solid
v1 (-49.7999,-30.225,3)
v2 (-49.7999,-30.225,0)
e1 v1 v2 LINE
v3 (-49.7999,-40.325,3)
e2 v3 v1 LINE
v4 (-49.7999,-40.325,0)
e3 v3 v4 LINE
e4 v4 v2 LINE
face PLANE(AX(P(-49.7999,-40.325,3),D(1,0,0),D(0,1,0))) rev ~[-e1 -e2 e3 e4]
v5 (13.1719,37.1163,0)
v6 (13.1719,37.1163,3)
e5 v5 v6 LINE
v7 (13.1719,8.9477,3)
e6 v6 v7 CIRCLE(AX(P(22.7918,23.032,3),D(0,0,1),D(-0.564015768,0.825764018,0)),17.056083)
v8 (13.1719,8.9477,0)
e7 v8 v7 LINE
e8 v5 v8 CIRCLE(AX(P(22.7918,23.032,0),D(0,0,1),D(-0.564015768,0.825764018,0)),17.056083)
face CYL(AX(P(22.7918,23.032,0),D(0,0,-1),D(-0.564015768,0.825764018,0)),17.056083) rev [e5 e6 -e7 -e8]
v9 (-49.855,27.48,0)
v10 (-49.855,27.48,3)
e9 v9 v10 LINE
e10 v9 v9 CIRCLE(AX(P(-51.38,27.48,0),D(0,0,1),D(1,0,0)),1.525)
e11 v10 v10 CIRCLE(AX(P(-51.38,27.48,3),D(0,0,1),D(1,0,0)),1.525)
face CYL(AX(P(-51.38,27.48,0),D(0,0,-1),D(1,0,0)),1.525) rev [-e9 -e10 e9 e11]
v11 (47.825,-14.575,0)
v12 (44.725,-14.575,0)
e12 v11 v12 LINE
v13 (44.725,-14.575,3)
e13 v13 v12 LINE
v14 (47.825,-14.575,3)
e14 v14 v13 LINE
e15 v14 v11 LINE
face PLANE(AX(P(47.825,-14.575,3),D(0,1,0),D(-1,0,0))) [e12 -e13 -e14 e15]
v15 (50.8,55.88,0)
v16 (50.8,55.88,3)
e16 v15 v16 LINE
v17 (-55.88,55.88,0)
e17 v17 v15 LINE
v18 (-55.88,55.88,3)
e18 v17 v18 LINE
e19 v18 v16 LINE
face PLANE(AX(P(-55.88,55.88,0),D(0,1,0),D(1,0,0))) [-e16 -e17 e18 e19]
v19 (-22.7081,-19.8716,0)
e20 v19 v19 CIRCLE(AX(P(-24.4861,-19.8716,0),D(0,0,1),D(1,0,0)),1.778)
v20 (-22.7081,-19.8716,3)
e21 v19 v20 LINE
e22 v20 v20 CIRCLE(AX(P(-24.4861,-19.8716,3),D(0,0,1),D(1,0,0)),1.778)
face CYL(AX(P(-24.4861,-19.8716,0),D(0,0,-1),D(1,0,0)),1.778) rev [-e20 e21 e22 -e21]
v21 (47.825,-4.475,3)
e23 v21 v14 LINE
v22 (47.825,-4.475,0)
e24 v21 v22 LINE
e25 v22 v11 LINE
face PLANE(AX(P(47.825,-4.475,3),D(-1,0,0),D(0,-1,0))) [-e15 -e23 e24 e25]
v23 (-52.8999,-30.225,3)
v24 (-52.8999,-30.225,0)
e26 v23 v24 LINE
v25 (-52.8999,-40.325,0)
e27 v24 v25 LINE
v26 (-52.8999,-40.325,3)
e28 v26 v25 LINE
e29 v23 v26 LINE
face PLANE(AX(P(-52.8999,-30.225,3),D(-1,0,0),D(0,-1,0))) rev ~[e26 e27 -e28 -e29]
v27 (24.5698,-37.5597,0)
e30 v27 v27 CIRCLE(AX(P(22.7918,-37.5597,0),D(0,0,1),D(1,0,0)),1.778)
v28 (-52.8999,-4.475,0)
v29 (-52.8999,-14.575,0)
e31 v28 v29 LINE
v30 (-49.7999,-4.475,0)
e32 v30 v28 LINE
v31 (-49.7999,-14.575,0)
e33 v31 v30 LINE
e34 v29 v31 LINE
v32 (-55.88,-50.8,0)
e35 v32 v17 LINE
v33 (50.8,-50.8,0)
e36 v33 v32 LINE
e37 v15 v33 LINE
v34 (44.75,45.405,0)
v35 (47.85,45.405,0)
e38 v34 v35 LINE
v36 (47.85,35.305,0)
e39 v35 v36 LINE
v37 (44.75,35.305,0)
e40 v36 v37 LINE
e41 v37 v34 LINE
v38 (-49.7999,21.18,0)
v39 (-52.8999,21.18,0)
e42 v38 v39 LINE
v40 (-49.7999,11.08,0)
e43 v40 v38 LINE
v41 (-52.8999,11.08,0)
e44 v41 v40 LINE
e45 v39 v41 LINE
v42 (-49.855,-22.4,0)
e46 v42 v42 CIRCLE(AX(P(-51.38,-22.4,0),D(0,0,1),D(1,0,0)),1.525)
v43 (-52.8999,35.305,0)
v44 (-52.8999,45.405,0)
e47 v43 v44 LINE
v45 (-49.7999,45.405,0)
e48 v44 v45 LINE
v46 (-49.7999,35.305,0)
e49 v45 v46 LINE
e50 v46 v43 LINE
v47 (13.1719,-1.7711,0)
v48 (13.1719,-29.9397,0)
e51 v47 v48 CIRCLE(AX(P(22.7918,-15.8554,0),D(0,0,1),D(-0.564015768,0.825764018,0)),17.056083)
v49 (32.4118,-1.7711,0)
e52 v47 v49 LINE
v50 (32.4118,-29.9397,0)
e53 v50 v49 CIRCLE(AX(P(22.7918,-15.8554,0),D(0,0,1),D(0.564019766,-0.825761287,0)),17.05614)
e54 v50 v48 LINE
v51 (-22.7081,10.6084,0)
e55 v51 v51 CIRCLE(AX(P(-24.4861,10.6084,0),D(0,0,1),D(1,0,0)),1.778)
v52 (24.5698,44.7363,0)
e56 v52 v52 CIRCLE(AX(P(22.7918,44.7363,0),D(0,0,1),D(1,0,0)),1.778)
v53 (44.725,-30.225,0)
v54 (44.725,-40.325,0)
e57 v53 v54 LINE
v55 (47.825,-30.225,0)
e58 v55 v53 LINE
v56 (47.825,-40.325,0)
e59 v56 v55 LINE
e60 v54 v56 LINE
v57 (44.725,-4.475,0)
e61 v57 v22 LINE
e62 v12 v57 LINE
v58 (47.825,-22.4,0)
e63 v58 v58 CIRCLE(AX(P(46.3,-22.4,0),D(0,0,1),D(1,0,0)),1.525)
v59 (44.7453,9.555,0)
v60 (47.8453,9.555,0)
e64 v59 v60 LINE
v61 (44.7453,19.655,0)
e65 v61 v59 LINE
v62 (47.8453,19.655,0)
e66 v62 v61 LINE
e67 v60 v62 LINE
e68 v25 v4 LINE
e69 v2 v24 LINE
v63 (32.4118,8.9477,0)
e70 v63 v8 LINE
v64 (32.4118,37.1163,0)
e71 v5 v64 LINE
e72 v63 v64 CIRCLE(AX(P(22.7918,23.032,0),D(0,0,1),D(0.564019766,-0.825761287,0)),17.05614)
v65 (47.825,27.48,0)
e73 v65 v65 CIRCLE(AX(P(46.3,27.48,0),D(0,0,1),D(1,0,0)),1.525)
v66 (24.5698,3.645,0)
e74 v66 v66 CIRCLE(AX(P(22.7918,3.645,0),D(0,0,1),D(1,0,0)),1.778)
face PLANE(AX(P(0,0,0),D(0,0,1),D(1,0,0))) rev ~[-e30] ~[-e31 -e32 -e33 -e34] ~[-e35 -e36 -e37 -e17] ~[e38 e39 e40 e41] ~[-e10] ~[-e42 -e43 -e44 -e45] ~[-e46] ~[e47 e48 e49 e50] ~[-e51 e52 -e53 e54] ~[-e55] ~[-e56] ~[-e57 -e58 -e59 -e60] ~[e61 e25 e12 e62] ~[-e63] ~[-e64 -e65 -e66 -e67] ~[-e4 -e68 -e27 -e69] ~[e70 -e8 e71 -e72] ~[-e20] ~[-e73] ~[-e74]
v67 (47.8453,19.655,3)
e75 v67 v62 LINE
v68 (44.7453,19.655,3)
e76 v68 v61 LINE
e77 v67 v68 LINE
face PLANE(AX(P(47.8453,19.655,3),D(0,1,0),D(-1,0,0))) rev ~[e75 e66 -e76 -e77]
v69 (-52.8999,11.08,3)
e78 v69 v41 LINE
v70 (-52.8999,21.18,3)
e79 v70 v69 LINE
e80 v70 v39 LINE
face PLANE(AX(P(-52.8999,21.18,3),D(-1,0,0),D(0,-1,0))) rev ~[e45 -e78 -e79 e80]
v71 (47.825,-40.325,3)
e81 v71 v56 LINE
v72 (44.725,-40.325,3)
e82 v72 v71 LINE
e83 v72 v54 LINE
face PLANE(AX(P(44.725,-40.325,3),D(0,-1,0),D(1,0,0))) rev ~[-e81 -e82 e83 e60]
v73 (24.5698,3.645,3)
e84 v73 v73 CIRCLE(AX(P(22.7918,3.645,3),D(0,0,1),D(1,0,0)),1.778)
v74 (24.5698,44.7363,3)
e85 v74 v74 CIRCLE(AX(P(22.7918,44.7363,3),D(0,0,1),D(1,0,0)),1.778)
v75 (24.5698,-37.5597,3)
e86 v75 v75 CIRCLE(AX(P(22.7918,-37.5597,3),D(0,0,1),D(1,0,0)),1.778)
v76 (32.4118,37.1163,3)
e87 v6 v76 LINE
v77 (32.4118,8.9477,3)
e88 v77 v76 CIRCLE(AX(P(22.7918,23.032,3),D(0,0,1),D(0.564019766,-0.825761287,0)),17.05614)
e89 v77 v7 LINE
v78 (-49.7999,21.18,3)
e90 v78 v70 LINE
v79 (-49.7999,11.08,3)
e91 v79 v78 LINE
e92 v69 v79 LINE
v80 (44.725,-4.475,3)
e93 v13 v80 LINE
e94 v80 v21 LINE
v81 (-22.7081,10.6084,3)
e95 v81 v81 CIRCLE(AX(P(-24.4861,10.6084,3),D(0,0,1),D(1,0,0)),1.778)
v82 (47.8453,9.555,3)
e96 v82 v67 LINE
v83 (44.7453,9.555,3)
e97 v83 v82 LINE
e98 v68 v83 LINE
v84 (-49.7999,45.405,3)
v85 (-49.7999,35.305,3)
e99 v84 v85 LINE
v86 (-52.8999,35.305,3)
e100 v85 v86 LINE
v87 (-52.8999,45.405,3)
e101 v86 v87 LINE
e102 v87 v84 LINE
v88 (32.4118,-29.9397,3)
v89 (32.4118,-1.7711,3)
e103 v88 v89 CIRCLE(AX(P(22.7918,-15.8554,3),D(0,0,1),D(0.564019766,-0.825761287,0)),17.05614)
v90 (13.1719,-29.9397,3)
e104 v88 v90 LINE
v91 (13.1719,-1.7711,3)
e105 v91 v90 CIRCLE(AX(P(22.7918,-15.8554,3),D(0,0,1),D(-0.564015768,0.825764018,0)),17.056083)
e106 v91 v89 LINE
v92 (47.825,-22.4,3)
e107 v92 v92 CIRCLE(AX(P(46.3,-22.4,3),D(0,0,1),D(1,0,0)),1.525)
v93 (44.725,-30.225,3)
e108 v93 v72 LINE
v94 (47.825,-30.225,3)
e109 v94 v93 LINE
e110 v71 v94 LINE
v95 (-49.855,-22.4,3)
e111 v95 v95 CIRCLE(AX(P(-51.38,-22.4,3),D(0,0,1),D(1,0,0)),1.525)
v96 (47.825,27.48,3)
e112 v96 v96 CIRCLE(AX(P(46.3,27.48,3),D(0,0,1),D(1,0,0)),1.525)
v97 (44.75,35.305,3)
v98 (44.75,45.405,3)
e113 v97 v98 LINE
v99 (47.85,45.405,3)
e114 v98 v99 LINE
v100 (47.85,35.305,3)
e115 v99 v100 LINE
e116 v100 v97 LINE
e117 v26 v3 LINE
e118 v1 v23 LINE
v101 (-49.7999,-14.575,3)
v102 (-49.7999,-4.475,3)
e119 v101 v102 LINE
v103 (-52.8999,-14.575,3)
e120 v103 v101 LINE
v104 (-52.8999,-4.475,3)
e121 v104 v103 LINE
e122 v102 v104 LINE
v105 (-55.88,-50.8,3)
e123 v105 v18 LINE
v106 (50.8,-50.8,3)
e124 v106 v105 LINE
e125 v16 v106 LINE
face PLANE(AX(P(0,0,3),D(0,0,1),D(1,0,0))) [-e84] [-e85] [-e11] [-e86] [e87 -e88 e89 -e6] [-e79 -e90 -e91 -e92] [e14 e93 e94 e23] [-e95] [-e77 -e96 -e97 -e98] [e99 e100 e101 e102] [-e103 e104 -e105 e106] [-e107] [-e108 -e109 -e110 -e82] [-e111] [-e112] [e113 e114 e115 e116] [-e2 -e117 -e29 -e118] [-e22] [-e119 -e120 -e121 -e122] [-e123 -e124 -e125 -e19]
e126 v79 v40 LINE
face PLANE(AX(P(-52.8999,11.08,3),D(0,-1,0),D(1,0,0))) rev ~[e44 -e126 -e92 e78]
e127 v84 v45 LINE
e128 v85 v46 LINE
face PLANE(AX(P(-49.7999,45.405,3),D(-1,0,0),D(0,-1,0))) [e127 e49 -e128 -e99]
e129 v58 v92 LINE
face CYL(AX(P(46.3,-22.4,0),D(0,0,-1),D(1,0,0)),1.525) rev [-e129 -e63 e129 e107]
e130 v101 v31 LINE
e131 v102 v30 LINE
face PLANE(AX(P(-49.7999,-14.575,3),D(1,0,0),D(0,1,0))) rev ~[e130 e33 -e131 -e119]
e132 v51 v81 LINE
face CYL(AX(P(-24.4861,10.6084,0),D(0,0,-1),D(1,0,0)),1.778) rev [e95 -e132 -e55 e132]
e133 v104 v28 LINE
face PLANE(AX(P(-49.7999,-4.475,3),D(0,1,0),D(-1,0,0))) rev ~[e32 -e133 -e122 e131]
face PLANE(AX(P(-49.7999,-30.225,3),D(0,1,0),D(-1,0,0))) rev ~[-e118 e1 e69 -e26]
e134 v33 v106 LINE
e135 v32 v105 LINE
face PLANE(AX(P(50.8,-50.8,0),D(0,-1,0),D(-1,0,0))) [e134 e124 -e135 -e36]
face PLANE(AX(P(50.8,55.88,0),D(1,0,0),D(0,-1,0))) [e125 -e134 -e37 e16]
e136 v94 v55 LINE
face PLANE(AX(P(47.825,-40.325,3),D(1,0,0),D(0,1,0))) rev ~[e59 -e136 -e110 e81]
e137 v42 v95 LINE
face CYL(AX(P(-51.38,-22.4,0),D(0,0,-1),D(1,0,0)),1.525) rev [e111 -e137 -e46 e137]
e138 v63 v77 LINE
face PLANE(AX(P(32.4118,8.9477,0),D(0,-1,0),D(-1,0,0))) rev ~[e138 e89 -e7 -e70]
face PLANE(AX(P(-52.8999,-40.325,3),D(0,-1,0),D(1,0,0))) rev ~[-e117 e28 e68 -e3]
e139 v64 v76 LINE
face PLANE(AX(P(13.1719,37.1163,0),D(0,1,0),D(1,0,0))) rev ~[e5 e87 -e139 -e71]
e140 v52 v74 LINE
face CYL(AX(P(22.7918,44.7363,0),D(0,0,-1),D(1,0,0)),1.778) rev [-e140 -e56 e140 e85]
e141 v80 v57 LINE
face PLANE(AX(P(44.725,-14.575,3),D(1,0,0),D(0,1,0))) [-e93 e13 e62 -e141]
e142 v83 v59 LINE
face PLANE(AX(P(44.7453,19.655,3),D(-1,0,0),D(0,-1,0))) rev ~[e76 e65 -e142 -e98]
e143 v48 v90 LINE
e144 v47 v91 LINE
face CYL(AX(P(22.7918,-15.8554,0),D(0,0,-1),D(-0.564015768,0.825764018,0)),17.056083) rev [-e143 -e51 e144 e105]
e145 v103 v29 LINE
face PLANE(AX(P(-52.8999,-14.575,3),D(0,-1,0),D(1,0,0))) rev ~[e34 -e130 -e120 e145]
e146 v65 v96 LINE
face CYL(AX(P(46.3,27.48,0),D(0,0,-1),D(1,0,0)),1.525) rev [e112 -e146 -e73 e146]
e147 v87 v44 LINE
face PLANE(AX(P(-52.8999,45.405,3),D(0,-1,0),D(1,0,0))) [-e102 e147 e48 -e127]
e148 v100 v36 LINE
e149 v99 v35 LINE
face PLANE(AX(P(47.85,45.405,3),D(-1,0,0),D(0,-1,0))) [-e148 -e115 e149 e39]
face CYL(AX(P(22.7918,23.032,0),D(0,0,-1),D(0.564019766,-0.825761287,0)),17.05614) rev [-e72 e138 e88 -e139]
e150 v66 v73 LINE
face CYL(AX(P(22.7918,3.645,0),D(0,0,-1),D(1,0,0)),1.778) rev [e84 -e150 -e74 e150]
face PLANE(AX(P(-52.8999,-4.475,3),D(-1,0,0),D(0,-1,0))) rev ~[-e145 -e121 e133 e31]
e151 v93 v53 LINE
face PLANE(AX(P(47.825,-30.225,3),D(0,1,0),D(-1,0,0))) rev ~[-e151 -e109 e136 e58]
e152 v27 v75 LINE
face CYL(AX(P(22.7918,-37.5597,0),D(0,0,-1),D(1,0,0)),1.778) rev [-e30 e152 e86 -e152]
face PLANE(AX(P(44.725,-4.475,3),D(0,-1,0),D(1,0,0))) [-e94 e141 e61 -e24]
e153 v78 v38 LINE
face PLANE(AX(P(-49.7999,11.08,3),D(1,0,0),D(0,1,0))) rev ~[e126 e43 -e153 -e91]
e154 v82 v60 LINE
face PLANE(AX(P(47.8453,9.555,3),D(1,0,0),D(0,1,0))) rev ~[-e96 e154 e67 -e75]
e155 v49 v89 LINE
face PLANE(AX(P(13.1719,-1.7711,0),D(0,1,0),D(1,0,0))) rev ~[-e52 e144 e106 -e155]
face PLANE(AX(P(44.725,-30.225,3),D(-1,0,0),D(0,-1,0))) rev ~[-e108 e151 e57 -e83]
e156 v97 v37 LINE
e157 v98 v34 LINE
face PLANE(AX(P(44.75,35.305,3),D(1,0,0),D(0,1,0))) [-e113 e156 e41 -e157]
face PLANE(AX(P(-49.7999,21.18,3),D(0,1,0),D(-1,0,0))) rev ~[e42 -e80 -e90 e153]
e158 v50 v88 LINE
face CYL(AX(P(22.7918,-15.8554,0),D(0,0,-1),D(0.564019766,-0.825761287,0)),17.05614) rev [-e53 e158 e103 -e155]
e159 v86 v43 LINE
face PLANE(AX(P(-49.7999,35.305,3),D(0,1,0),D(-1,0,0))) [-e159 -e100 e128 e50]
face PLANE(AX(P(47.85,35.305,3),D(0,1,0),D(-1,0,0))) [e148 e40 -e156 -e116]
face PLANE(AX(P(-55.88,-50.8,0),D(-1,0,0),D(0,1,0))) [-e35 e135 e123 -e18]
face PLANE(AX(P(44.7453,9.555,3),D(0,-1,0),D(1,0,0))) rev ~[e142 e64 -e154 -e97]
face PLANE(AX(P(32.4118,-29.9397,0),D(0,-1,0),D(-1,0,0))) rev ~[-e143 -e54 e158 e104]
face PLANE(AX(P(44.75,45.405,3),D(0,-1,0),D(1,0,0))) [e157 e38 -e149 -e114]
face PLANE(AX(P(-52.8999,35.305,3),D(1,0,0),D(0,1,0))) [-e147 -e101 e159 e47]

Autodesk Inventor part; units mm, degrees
ref_plane "YZ Plane" through (0, 0, 0) normal (1, 0, 0) x (0, 1, 0)
ref_plane "XZ Plane" through (0, 0, 0) normal (0, 1, 0) x (-1, 0, 0)
ref_plane "XY Plane" through (0, 0, 0) normal (0, 0, 1) x (1, 0, 0)
sketch "Sketch1" plane through (0, 0, 0) normal (0, 0, 1) x (1, 0, 0)
  line L0 (-55.88, 55.88) -> (50.8, 55.88)
  line L1 (50.8, 55.88) -> (50.8, -50.8)
  line L2 (50.8, -50.8) -> (-55.88, -50.8)
  line L3 (-55.88, -50.8) -> (-55.88, 55.88)
  line L4 (13.1719, 37.1163) -> (32.4118, 37.1163)
  line L5 (32.4118, 8.9477) -> (13.1719, 8.9477)
  line L6 (13.1719, -1.7711) -> (32.4118, -1.7711)
  line L7 (32.4118, -29.9397) -> (13.1719, -29.9397)
  circle A0 centre (22.7918, 44.7363) radius 1.778
  circle A1 centre (22.7918, 3.645) radius 1.778
  circle A2 centre (22.7918, -37.5597) radius 1.778
  circle A3 centre (-24.4861, -19.8716) radius 1.778
  circle A4 centre (-24.4861, 10.6084) radius 1.778
  arc A5 (13.1719, 37.1163) -> (13.1719, 8.9477) centre (22.7918, 23.032) ccw
  arc A6 (32.4118, 8.9477) -> (32.4118, 37.1163) centre (22.7918, 23.032) ccw
  arc A7 (13.1719, -1.7711) -> (13.1719, -29.9397) centre (22.7918, -15.8554) ccw
  arc A8 (32.4118, -29.9397) -> (32.4118, -1.7711) centre (22.7918, -15.8554) ccw
  circle A9 centre (-51.38, 27.48) radius 1.525
  circle A10 centre (-51.38, -22.4) radius 1.525
  circle A11 centre (46.3, -22.4) radius 1.525
  circle A12 centre (46.3, 27.48) radius 1.525
  point P0 (0, 0)
  dimension "d0" = 106.68
  dimension "d1" = 106.68
  dimension "d12" = 3.556
  dimension "d13" = 3.556
  dimension "d21" = 3.556
  dimension "d22" = 3.556
  dimension "d24" = 30.48
  dimension "d29" = 28.1686
  dimension "d32" = 3.05
  dimension "d33" = 28.4
  dimension "d34" = 4.5
  dimension "d35" = 3.05
  dimension "d36" = 4.5
  dimension "d37" = 28.4
  dimension "d38" = 3.05
  dimension "d39" = 4.5
  dimension "d40" = 28.4
  dimension "d41" = 3.05
  dimension "d42" = 28.4
  dimension "d43" = 4.5
extrude "Extrusion2" add sketch "Sketch1" along normal blind 3
sketch "Sketch2" plane through (0, 0, 3) normal (0, 0, 1) x (1, 0, 0)
  circle A0 centre (46.3, 27.48) radius 1.525 projected
  circle A1 centre (46.3, -22.4) radius 1.525 projected
  circle A2 centre (-51.38, -22.4) radius 1.525 projected
  circle A3 centre (-51.38, 27.48) radius 1.525 projected
  line L0 (-49.7999, 35.305) -> (-52.8999, 35.305)
  line L1 (-52.8999, 35.305) -> (-52.8999, 45.405)
  line L2 (-52.8999, 45.405) -> (-49.7999, 45.405)
  line L3 (-49.7999, 45.405) -> (-49.7999, 35.305)
  line L4 (-49.7999, 21.18) -> (-52.8999, 21.18)
  line L5 (-52.8999, 21.18) -> (-52.8999, 11.08)
  line L6 (-52.8999, 11.08) -> (-49.7999, 11.08)
  line L7 (-49.7999, 11.08) -> (-49.7999, 21.18)
  line L8 (-49.7999, -4.475) -> (-52.8999, -4.475)
  line L9 (-52.8999, -4.475) -> (-52.8999, -14.575)
  line L10 (-52.8999, -14.575) -> (-49.7999, -14.575)
  line L11 (-49.7999, -14.575) -> (-49.7999, -4.475)
  line L12 (-49.7999, -30.225) -> (-52.8999, -30.225)
  line L13 (-52.8999, -30.225) -> (-52.8999, -40.325)
  line L14 (-52.8999, -40.325) -> (-49.7999, -40.325)
  line L15 (-49.7999, -40.325) -> (-49.7999, -30.225)
  line L16 (47.825, -30.225) -> (44.725, -30.225)
  line L17 (44.725, -30.225) -> (44.725, -40.325)
  line L18 (44.725, -40.325) -> (47.825, -40.325)
  line L19 (47.825, -40.325) -> (47.825, -30.225)
  line L20 (47.825, -14.575) -> (44.725, -14.575)
  line L21 (44.725, -14.575) -> (44.725, -4.475)
  line L22 (44.725, -4.475) -> (47.825, -4.475)
  line L23 (47.825, -4.475) -> (47.825, -14.575)
  line L24 (47.85, 35.305) -> (44.75, 35.305)
  line L25 (44.75, 35.305) -> (44.75, 45.405)
  line L26 (44.75, 45.405) -> (47.85, 45.405)
  line L27 (47.85, 45.405) -> (47.85, 35.305)
  line L28 (47.8453, 19.655) -> (44.7453, 19.655)
  line L29 (44.7453, 19.655) -> (44.7453, 9.555)
  line L30 (44.7453, 9.555) -> (47.8453, 9.555)
  line L31 (47.8453, 9.555) -> (47.8453, 19.655)
  point P0 (0, 0)
  dimension "d46" = 3.1
  dimension "d47" = 10.1
  dimension "d48" = 3.1
  dimension "d49" = 10.1
  dimension "d50" = 6.3
  dimension "d51" = 6.3
  dimension "d52" = 3.1
  dimension "d53" = 10.1
  dimension "d54" = 3.1
  dimension "d55" = 10.1
  dimension "d58" = 6.3
  dimension "d60" = 6.3
  dimension "d61" = 3.1
  dimension "d62" = 10.1
  dimension "d63" = 3.1
  dimension "d64" = 10.1
  dimension "d65" = 6.3
  dimension "d66" = 6.3
  dimension "d67" = 3.1
  dimension "d68" = 10.1
  dimension "d69" = 3.1
  dimension "d70" = 10.1
  dimension "d71" = 6.3
  dimension "d72" = 6.3
extrude "Extrusion3" cut sketch "Sketch2" against normal through all contours L0 L1 L2 L3 | L7 L6 L5 L4 | L11 L10 L9 L8 | L15 L14 L13 L12 | L19 L18 L17 L16 | L20 L21 L22 L23 | L24 L25 L26 L27 | L31 L30 L29 L28
properties part number "Box Back"
